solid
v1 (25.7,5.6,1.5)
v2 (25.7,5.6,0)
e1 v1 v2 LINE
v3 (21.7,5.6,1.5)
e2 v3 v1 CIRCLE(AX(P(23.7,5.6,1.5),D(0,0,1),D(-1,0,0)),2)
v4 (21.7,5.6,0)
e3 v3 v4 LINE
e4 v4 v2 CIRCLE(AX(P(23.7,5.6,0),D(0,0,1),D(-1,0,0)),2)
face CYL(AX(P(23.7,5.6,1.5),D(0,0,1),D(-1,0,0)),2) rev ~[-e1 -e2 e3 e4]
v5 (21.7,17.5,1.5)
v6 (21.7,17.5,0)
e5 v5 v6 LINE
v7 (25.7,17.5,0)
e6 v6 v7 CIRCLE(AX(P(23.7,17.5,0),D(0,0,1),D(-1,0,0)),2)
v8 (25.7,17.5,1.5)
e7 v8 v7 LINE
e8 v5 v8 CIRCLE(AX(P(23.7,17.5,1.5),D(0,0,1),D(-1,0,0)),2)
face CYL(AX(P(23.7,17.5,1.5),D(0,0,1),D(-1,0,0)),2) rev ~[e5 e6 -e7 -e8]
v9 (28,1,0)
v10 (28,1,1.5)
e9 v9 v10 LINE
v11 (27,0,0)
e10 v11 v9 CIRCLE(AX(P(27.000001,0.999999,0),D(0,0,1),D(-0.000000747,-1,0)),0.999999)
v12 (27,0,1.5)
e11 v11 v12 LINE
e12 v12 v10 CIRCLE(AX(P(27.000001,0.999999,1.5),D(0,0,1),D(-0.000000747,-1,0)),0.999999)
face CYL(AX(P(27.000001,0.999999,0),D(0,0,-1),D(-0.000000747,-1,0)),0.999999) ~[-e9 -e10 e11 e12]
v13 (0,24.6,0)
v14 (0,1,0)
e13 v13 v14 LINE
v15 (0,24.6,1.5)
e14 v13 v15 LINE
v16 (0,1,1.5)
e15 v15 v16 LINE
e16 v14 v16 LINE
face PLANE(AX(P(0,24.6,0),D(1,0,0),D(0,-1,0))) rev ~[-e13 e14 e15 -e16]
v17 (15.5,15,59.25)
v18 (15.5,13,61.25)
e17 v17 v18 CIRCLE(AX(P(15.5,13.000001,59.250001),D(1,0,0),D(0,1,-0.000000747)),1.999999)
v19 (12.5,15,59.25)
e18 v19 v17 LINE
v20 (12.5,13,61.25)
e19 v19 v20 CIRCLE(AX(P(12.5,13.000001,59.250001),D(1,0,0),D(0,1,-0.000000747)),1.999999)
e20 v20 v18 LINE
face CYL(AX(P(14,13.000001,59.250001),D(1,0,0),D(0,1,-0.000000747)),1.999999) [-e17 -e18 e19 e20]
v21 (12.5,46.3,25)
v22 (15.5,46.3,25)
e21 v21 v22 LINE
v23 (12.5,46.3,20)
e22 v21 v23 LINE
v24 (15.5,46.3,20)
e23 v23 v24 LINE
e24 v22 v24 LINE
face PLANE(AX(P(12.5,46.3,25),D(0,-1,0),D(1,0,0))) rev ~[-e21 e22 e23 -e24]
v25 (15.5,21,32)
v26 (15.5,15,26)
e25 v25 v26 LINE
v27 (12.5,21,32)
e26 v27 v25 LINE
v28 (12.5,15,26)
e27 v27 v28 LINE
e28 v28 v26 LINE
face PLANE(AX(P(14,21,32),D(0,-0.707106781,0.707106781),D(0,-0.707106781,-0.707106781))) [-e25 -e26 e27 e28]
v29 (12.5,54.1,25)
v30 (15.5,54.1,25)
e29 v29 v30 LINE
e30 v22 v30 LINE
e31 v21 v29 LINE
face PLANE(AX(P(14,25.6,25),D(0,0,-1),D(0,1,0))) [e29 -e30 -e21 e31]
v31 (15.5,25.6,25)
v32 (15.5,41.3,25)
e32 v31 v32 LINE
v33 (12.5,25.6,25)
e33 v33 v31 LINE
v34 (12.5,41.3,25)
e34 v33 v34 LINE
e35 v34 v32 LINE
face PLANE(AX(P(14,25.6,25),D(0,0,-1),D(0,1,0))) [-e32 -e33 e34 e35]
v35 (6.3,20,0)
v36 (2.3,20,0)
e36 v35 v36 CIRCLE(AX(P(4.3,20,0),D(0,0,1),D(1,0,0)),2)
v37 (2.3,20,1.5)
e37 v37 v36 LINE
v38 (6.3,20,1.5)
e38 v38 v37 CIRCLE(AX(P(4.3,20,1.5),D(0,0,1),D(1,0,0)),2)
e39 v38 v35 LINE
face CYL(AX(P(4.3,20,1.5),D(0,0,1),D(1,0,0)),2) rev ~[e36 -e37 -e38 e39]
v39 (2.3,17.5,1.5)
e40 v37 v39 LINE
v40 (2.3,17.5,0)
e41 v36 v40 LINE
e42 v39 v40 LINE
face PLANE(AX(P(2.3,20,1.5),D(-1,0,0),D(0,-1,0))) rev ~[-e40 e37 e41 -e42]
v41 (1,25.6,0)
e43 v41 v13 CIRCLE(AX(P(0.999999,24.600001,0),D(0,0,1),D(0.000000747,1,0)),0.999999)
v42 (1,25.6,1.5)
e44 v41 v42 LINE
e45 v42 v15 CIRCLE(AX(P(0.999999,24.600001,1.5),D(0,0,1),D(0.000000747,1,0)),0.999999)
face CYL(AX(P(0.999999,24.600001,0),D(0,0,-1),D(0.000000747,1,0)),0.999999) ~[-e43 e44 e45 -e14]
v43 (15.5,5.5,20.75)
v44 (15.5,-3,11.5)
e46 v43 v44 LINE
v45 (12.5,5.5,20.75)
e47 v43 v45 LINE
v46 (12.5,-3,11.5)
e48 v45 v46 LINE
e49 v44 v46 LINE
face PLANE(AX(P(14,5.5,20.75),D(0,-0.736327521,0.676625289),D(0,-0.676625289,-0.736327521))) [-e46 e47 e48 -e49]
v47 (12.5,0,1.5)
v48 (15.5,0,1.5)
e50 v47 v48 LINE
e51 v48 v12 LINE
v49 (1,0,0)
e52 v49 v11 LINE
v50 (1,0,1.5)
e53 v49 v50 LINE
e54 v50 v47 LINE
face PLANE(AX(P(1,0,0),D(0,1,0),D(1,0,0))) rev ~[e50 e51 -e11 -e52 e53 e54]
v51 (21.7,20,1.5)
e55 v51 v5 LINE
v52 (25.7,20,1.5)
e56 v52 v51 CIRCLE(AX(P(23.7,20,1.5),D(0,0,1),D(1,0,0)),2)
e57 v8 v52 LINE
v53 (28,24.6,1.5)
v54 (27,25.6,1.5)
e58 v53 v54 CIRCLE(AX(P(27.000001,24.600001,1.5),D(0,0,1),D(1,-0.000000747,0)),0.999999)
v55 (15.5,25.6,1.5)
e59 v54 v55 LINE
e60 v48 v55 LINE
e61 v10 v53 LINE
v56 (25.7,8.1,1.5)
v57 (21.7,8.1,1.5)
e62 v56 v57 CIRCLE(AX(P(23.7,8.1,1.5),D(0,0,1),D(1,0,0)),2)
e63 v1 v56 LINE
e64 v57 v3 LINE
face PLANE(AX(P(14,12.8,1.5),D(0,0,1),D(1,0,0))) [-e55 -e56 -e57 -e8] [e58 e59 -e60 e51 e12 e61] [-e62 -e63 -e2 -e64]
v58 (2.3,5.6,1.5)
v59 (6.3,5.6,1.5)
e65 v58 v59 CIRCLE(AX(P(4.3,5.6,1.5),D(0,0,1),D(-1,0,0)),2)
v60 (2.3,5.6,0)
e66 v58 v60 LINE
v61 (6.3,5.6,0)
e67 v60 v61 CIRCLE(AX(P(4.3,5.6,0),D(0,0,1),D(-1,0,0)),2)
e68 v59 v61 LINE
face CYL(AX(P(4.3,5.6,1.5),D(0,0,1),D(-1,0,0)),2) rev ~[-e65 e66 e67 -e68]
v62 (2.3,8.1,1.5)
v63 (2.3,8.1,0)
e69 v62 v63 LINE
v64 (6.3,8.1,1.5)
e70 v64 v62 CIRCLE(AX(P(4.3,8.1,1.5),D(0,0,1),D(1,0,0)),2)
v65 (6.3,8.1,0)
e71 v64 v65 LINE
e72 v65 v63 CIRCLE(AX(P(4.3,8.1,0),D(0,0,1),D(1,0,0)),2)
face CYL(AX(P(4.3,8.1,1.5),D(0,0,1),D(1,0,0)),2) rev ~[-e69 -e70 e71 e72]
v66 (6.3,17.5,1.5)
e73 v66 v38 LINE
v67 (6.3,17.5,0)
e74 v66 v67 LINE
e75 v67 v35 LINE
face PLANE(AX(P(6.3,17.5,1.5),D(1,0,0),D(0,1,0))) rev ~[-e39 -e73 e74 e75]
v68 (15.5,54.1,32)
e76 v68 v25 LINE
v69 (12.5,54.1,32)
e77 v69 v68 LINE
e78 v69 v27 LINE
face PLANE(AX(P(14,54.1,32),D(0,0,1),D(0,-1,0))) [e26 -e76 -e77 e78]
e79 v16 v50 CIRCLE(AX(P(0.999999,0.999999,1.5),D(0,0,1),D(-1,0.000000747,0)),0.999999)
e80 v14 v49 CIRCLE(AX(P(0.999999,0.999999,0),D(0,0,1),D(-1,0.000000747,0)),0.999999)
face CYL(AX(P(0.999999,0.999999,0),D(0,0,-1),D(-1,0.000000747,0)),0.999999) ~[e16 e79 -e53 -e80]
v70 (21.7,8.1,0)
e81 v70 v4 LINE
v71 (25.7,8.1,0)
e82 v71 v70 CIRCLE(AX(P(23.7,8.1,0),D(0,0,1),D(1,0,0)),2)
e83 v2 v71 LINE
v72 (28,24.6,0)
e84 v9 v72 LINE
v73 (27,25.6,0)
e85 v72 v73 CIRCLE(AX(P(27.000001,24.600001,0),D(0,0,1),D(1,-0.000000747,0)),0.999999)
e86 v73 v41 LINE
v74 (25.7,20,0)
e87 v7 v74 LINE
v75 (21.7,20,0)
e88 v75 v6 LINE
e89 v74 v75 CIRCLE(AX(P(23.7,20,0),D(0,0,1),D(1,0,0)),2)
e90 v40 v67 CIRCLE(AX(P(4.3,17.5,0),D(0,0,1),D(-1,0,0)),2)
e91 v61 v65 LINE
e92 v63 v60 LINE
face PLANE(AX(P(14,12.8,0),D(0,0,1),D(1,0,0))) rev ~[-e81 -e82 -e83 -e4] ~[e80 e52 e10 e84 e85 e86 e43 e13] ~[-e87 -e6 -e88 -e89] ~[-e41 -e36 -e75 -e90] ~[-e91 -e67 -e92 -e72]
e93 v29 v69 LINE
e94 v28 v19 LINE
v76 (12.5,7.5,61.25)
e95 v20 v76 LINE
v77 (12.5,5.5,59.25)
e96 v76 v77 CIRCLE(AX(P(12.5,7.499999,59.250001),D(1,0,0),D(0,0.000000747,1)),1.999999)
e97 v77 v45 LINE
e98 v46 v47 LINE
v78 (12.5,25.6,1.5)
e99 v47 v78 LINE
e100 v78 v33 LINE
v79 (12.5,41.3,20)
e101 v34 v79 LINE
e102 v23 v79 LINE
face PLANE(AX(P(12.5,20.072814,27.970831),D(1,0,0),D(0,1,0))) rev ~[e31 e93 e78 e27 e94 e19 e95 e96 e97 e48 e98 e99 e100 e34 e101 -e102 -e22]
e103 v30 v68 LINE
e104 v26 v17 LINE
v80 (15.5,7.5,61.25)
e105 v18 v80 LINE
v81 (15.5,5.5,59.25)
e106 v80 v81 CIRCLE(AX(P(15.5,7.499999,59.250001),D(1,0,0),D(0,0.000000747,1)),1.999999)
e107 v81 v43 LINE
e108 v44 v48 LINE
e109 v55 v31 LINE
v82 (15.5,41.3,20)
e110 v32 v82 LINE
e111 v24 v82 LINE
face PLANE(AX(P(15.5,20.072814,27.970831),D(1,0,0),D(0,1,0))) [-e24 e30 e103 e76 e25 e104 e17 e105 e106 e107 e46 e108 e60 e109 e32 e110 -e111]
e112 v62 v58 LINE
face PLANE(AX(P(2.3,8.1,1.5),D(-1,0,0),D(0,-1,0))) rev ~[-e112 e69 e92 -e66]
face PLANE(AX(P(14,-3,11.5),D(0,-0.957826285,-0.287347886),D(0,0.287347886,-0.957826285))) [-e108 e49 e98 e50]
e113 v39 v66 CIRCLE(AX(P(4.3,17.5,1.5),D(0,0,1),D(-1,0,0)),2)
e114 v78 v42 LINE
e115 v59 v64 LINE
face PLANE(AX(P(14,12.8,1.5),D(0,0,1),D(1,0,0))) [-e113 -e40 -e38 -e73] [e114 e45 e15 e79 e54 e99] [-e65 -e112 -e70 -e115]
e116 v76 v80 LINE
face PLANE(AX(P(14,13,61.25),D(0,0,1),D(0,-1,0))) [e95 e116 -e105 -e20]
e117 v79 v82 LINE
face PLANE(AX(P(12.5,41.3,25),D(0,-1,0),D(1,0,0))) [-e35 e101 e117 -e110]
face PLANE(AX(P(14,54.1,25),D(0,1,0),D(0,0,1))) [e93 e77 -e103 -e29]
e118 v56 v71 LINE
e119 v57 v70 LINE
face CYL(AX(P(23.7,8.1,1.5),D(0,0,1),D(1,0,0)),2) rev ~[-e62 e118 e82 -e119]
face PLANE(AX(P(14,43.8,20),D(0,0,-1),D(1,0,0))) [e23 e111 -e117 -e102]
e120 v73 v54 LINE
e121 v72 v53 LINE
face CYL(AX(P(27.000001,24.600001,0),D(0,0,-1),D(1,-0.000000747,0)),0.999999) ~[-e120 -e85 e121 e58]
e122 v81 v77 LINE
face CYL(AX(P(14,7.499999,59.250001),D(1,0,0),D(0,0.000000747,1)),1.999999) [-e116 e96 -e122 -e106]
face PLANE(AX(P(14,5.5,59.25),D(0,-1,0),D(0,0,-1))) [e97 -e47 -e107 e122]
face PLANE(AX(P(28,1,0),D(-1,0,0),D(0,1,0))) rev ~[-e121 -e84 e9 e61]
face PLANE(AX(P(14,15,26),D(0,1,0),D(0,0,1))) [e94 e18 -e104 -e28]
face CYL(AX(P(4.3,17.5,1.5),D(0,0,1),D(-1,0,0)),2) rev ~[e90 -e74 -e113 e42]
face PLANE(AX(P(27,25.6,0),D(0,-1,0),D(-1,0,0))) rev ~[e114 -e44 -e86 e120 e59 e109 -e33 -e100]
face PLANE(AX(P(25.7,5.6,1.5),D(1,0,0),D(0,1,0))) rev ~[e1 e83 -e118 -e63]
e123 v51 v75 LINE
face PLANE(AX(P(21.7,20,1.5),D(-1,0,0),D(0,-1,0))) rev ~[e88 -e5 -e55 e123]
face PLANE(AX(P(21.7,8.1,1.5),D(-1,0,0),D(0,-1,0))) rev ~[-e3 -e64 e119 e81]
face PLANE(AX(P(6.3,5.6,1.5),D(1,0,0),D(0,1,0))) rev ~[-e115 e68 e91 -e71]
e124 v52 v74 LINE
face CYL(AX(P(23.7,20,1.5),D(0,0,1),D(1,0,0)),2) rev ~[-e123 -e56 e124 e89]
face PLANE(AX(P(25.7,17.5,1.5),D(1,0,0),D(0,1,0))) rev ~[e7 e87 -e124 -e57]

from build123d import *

# Parameters (mm, degrees)
F1_DEPTH = 1.5
F3_DEPTH = 25
F6_DEPTH = 1.5
F7_W     = 3
F7_H     = 5
F8_DEPTH = 5


with BuildPart() as f1:
    # F0 (on Top) → F1 (new body)
    with BuildSketch(Plane.XY):
        with BuildLine():
            ThreePointArc((0, 1), (0.292893, 0.292893), (1, 0))
            Line((1, 0), (27, 0))
            ThreePointArc((27, 0), (27.707107, 0.292893), (28, 1))
            Line((28, 1), (28, 24.6))
            ThreePointArc((28, 24.6), (27.707107, 25.307107), (27, 25.6))
            Line((27, 25.6), (1, 25.6))
            ThreePointArc((1, 25.6), (0.292893, 25.307107), (0, 24.6))
            Line((0, 24.6), (0, 1))
        make_face()
    extrude(amount=F1_DEPTH)

    # F2 (on face) → F3 (cut)
    with BuildSketch(Plane.XY.offset(1.5)):
        with BuildLine():
            Line((6.3, 17.5), (6.3, 20))
            ThreePointArc((6.3, 20), (4.3, 22), (2.3, 20))
            Line((2.3, 20), (2.3, 17.5))
            ThreePointArc((2.3, 17.5), (4.3, 15.5), (6.3, 17.5))
        make_face()
        with BuildLine():
            Line((6.3, 5.6), (6.3, 8.1))
            ThreePointArc((6.3, 8.1), (4.3, 10.1), (2.3, 8.1))
            Line((2.3, 8.1), (2.3, 5.6))
            ThreePointArc((2.3, 5.6), (4.3, 3.6), (6.3, 5.6))
        make_face()
        with BuildLine():
            Line((25.7, 5.6), (25.7, 8.1))
            ThreePointArc((25.7, 8.1), (23.7, 10.1), (21.7, 8.1))
            Line((21.7, 8.1), (21.7, 5.6))
            ThreePointArc((21.7, 5.6), (23.7, 3.6), (25.7, 5.6))
        make_face()
        with BuildLine():
            Line((25.7, 17.5), (25.7, 20))
            ThreePointArc((25.7, 20), (23.7, 22), (21.7, 20))
            Line((21.7, 20), (21.7, 17.5))
            ThreePointArc((21.7, 17.5), (23.7, 15.5), (25.7, 17.5))
        make_face()
    extrude(amount=-F3_DEPTH, mode=Mode.SUBTRACT)

    # F5 (on offset) → F6 (join, symmetric)
    with BuildSketch(Plane.YZ.offset(14)):
        with BuildLine():
            Line((-3, 11.5), (0, 1.5))
            Line((0, 1.5), (25.6, 1.5))
            Line((25.6, 1.5), (25.6, 25))
            Line((25.6, 25), (54.1, 25))
            Line((54.1, 25), (54.1, 32))
            Line((54.1, 32), (21, 32))
            Line((21, 32), (15, 26))
            Line((15, 26), (15, 59.25))
            ThreePointArc((15, 59.25), (14.414214, 60.664214), (13, 61.25))
            Line((13, 61.25), (7.5, 61.25))
            ThreePointArc((7.5, 61.25), (6.085786, 60.664214), (5.5, 59.25))
            Line((5.5, 59.25), (5.5, 20.75))
            Line((5.5, 20.75), (-3, 11.5))
        make_face()
    extrude(amount=F6_DEPTH, both=True)

    # F7 (on face) → F8 (join)
    with BuildSketch(Plane(origin=(0, 0, 25), x_dir=(1, 0, 0), z_dir=(0, 0, -1))):
        with Locations((14, -43.8)):
            Rectangle(F7_W, F7_H)
    extrude(amount=F8_DEPTH)


solid = f1.part
